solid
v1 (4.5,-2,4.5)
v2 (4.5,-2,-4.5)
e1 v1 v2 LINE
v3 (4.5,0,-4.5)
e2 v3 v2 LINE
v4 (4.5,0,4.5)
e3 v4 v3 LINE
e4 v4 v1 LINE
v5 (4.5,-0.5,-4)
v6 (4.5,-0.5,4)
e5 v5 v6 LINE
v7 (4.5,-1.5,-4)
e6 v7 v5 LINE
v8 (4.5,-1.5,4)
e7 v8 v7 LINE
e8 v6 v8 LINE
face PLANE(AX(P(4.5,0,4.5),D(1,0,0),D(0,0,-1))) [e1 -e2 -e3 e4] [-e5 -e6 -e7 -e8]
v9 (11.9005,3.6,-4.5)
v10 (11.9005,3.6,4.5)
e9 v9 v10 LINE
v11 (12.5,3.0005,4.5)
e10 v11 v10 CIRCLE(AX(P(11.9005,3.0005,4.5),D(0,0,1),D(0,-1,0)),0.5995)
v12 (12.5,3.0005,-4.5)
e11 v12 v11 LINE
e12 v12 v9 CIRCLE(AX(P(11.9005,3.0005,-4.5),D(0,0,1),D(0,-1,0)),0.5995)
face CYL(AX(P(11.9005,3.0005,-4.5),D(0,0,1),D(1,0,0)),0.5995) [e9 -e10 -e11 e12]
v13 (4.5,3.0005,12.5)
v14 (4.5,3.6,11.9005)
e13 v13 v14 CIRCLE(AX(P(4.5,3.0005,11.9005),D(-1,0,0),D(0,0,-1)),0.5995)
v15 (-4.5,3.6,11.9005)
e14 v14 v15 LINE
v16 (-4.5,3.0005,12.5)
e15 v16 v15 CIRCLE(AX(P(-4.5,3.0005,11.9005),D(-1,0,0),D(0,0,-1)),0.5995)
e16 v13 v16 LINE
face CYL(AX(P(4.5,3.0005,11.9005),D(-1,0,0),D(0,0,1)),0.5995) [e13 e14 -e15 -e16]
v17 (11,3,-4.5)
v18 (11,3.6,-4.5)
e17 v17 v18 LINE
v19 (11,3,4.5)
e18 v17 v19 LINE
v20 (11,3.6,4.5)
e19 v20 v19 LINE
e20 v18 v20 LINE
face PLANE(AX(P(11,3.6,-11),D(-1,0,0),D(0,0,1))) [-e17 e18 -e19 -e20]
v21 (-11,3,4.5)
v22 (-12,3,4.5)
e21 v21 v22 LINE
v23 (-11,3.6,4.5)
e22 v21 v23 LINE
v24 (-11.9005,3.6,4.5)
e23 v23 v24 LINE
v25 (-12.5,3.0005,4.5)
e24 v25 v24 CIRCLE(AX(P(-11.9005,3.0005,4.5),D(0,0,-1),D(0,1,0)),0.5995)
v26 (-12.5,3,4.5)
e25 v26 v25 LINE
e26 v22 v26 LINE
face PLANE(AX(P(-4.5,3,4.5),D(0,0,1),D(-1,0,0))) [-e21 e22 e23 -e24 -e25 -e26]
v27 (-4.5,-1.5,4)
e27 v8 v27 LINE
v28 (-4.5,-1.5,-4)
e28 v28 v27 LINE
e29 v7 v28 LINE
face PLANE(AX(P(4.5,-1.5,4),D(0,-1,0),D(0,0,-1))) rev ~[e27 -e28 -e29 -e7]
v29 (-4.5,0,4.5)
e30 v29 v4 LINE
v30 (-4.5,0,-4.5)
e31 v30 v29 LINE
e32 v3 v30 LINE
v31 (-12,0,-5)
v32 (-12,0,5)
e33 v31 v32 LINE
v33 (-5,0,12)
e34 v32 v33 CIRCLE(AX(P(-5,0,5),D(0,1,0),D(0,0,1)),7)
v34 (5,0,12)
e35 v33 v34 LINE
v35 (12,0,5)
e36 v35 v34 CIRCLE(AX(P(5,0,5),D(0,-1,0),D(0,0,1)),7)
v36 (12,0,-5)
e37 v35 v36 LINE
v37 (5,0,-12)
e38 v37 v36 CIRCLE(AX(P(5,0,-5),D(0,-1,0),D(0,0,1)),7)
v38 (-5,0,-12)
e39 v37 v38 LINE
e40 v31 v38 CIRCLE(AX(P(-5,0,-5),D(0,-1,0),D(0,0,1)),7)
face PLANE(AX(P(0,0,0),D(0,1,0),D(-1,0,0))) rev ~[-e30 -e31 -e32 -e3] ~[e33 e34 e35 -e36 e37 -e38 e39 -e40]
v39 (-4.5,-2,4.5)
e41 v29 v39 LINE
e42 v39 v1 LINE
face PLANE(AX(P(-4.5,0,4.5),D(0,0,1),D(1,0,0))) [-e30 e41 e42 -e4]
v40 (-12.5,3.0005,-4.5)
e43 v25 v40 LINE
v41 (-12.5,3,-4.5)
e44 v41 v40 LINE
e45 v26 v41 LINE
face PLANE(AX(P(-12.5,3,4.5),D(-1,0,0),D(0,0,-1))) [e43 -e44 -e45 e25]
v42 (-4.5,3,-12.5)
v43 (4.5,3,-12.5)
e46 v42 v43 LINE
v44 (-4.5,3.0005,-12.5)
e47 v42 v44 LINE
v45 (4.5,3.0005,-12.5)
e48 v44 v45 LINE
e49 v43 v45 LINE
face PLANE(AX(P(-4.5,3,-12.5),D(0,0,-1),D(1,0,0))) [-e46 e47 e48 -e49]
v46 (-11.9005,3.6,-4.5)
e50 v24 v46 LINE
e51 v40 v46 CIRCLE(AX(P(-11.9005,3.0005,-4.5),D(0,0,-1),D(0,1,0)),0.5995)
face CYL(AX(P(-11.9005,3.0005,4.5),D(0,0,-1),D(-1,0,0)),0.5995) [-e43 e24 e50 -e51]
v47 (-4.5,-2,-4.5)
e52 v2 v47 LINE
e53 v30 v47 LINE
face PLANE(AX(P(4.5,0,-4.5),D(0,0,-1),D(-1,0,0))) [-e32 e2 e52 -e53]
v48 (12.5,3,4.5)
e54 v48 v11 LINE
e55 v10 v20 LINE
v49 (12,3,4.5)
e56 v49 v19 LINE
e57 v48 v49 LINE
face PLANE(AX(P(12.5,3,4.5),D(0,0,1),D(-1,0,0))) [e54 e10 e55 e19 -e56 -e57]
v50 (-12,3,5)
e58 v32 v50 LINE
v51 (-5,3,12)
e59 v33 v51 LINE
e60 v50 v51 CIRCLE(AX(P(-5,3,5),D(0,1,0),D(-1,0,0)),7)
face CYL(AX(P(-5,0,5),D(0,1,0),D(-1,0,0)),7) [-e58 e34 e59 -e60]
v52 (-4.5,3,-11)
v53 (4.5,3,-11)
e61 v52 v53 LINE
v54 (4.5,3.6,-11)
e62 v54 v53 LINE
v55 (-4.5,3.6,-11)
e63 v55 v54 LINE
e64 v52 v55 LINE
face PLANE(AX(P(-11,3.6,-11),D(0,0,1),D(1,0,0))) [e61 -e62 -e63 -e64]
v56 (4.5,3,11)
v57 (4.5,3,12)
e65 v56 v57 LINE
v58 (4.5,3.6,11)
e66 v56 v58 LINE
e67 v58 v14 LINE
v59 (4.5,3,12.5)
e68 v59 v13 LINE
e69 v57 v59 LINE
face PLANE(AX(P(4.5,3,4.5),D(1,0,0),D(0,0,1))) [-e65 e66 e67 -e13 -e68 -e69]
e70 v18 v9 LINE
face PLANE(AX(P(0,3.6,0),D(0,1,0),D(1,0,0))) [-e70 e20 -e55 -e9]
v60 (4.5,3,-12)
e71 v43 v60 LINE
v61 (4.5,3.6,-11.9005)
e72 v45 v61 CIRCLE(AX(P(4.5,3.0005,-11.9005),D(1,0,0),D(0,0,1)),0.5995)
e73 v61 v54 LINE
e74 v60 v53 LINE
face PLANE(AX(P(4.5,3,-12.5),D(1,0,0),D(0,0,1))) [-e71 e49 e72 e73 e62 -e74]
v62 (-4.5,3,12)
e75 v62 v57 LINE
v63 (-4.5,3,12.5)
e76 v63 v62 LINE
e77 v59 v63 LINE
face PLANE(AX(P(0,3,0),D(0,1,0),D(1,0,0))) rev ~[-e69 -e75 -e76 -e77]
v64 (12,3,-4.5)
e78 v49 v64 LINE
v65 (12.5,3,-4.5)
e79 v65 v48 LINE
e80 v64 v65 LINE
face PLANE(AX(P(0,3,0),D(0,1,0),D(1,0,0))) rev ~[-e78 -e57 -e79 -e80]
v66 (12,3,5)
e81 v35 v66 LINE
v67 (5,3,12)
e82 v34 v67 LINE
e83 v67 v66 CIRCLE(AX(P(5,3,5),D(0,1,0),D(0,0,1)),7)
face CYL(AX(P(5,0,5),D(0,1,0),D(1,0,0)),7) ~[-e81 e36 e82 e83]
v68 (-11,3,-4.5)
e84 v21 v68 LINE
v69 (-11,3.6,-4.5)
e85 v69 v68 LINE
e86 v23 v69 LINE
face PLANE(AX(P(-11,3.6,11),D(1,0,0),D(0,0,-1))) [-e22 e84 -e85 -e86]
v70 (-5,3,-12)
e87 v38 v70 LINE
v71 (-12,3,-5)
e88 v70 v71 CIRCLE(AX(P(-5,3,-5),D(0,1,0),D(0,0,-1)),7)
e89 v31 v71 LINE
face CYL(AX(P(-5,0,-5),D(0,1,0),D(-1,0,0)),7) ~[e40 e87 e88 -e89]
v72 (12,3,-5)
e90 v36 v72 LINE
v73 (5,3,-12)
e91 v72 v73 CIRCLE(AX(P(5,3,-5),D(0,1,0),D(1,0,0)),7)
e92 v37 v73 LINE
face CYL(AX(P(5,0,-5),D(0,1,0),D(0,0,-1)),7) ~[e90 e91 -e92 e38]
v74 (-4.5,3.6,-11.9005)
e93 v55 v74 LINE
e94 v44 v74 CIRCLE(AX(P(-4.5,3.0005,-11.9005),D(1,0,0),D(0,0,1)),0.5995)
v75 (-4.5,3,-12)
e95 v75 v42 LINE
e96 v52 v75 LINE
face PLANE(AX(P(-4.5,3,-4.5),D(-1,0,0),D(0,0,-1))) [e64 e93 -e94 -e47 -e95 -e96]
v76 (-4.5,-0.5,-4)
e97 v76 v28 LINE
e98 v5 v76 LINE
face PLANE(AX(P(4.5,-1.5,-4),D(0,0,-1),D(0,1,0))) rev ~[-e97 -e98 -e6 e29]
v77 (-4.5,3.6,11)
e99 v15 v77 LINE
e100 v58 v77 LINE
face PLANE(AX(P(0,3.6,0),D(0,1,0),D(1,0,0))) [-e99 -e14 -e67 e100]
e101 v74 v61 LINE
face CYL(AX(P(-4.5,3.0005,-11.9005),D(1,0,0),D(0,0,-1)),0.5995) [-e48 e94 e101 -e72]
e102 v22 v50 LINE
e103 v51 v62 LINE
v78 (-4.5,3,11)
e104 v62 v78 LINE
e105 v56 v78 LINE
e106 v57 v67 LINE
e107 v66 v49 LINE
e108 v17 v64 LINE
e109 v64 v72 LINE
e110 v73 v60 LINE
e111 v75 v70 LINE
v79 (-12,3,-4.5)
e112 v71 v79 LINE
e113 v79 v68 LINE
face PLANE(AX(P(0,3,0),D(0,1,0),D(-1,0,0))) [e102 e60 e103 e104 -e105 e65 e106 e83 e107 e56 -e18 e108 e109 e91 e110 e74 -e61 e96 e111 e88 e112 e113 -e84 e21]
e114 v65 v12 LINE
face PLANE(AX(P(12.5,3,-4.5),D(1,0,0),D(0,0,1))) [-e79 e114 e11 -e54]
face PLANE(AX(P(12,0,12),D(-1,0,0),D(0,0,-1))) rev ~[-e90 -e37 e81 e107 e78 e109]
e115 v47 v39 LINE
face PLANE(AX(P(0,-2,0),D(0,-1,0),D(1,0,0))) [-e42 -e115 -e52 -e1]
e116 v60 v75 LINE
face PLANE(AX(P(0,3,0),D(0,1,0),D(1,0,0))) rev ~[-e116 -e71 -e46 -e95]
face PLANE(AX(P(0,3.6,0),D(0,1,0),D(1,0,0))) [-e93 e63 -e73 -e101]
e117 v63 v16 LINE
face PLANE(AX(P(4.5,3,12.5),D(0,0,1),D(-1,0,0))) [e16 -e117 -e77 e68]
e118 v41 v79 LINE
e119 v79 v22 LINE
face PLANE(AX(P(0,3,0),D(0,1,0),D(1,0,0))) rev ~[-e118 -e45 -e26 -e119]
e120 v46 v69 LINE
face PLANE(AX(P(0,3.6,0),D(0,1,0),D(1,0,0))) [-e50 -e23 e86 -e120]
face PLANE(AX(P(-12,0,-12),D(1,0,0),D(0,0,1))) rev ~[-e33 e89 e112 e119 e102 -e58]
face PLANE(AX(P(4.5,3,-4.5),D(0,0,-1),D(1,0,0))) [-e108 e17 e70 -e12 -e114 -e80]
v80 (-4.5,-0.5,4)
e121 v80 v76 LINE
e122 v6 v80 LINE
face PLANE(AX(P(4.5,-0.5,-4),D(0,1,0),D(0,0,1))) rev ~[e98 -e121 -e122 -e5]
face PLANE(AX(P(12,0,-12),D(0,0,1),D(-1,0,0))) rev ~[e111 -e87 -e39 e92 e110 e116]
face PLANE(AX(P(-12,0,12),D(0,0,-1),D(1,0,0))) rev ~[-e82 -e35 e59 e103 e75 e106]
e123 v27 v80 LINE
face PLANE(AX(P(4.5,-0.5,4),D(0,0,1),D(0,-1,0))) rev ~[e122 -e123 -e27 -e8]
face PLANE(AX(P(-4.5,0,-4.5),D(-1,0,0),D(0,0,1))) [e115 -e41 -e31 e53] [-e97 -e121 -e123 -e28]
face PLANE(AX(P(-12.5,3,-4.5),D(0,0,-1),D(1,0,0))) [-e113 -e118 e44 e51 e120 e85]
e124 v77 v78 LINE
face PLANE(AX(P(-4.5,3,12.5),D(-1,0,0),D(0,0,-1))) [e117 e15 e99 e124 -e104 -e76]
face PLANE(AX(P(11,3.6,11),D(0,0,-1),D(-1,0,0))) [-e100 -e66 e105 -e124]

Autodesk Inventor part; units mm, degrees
ref_plane "YZ Plane" through (0, 0, 0) normal (1, 0, 0) x (0, 1, 0)
ref_plane "XZ Plane" through (0, 0, 0) normal (0, 1, 0) x (-1, 0, 0)
ref_plane "XY Plane" through (0, 0, 0) normal (0, 0, 1) x (1, 0, 0)
sketch "스케치1" plane through (0, 0, 0) normal (0, 1, 0) x (-1, 0, 0)
  line L0 (12, 12) -> (-12, 12)
  line L1 (-12, 12) -> (-12, -12)
  line L2 (-12, -12) -> (12, -12)
  line L3 (12, -12) -> (12, 12)
  point P0 (0, 0)
  dimension "d0" = 24
  dimension "d1" = 24
  dimension "d2" = 12
  dimension "d3" = 12
extrude "돌출1" add sketch "스케치1" along normal blind 3
fillet "모깎기1" radius 7 4 edges at (-12, 1.5, 12) (12, 1.5, 12) (12, 1.5, -12) (-12, 1.5, -12)
sketch "스케치2" plane through (0, 3, 0) normal (0, 1, 0) x (1, 0, 0)
  line L0 (12.5, -4.5) -> (-12.5, -4.5)
  line L1 (-12.5, -4.5) -> (-12.5, 4.5)
  line L2 (-12.5, 4.5) -> (12.5, 4.5)
  line L3 (12.5, 4.5) -> (12.5, -4.5)
  line L4 (4.5, -12.5) -> (-4.5, -12.5)
  line L5 (-4.5, -12.5) -> (-4.5, 12.5)
  line L6 (-4.5, 12.5) -> (4.5, 12.5)
  line L7 (4.5, 12.5) -> (4.5, -12.5)
  point P0 (0, 0)
  point P1 (-4.5, -4.5)
  point P2 (-4.5, 4.5)
  point P3 (4.5, -4.5)
  point P4 (4.5, 4.5)
  dimension "d7" = 25
  dimension "d8" = 9
  dimension "d9" = 4.5
  dimension "d10" = 12.5
  dimension "d11" = 9
  dimension "d12" = 25
  dimension "d13" = 12.5
  dimension "d14" = 4.5
extrude "돌출2" add sketch "스케치2" along normal blind 0.6 contours L0 L7 L2 L3 | L7 L4 L5 L0 | L0 L1 L2 L5 | L2 L5 L6 L7
fillet "모깎기2" radius 0.6 4 edges at (12.5, 3.6, 0) (0, 3.6, -12.5) (-12.5, 3.6, 0) (0, 3.6, 12.5)
sketch "스케치3" plane through (0, 3.6, 0) normal (0, 1, 0) x (1, 0, 0)
  line L0 (11, -11) -> (-11, -11)
  line L1 (-11, -11) -> (-11, 11)
  line L2 (-11, 11) -> (11, 11)
  line L3 (11, 11) -> (11, -11)
  point P0 (0, 0)
  dimension "d18" = 22
  dimension "d19" = 22
  dimension "d20" = 11
  dimension "d21" = 11
extrude "돌출3" cut sketch "스케치3" against normal blind 0.6
sketch "스케치4" plane through (0, 0, 0) normal (0, -1, 0) x (1, 0, 0)
  line L0 (-4.5, 4.5) -> (4.5, 4.5)
  line L1 (4.5, 4.5) -> (4.5, -4.5)
  line L2 (4.5, -4.5) -> (-4.5, -4.5)
  line L3 (-4.5, -4.5) -> (-4.5, 4.5)
  point P0 (0, 0)
  dimension "d24" = 9
  dimension "d25" = 9
  dimension "d26" = 4.5
  dimension "d27" = 4.5
extrude "돌출4" add sketch "스케치4" along normal blind 2
sketch "스케치5" plane through (4.5, 0, 4.5) normal (1, 0, 0) x (0, 0, -1)
  line L0 (0.5, -1.5) -> (8.5, -1.5)
  line L1 (8.5, -1.5) -> (8.5, -0.5)
  line L2 (8.5, -0.5) -> (0.5, -0.5)
  line L3 (0.5, -0.5) -> (0.5, -1.5)
  line L4 (0, 0) -> (0, -2) projected
  line L5 (9, -2) -> (0, -2) projected
  point P0 (4.5, 0)
  dimension "d30" = 8
  dimension "d31" = 1
  dimension "d32" = 0.5
  dimension "d33" = 0.5
extrude "돌출5" cut sketch "스케치5" against normal through all
properties part number "moving_switch(bottom"
